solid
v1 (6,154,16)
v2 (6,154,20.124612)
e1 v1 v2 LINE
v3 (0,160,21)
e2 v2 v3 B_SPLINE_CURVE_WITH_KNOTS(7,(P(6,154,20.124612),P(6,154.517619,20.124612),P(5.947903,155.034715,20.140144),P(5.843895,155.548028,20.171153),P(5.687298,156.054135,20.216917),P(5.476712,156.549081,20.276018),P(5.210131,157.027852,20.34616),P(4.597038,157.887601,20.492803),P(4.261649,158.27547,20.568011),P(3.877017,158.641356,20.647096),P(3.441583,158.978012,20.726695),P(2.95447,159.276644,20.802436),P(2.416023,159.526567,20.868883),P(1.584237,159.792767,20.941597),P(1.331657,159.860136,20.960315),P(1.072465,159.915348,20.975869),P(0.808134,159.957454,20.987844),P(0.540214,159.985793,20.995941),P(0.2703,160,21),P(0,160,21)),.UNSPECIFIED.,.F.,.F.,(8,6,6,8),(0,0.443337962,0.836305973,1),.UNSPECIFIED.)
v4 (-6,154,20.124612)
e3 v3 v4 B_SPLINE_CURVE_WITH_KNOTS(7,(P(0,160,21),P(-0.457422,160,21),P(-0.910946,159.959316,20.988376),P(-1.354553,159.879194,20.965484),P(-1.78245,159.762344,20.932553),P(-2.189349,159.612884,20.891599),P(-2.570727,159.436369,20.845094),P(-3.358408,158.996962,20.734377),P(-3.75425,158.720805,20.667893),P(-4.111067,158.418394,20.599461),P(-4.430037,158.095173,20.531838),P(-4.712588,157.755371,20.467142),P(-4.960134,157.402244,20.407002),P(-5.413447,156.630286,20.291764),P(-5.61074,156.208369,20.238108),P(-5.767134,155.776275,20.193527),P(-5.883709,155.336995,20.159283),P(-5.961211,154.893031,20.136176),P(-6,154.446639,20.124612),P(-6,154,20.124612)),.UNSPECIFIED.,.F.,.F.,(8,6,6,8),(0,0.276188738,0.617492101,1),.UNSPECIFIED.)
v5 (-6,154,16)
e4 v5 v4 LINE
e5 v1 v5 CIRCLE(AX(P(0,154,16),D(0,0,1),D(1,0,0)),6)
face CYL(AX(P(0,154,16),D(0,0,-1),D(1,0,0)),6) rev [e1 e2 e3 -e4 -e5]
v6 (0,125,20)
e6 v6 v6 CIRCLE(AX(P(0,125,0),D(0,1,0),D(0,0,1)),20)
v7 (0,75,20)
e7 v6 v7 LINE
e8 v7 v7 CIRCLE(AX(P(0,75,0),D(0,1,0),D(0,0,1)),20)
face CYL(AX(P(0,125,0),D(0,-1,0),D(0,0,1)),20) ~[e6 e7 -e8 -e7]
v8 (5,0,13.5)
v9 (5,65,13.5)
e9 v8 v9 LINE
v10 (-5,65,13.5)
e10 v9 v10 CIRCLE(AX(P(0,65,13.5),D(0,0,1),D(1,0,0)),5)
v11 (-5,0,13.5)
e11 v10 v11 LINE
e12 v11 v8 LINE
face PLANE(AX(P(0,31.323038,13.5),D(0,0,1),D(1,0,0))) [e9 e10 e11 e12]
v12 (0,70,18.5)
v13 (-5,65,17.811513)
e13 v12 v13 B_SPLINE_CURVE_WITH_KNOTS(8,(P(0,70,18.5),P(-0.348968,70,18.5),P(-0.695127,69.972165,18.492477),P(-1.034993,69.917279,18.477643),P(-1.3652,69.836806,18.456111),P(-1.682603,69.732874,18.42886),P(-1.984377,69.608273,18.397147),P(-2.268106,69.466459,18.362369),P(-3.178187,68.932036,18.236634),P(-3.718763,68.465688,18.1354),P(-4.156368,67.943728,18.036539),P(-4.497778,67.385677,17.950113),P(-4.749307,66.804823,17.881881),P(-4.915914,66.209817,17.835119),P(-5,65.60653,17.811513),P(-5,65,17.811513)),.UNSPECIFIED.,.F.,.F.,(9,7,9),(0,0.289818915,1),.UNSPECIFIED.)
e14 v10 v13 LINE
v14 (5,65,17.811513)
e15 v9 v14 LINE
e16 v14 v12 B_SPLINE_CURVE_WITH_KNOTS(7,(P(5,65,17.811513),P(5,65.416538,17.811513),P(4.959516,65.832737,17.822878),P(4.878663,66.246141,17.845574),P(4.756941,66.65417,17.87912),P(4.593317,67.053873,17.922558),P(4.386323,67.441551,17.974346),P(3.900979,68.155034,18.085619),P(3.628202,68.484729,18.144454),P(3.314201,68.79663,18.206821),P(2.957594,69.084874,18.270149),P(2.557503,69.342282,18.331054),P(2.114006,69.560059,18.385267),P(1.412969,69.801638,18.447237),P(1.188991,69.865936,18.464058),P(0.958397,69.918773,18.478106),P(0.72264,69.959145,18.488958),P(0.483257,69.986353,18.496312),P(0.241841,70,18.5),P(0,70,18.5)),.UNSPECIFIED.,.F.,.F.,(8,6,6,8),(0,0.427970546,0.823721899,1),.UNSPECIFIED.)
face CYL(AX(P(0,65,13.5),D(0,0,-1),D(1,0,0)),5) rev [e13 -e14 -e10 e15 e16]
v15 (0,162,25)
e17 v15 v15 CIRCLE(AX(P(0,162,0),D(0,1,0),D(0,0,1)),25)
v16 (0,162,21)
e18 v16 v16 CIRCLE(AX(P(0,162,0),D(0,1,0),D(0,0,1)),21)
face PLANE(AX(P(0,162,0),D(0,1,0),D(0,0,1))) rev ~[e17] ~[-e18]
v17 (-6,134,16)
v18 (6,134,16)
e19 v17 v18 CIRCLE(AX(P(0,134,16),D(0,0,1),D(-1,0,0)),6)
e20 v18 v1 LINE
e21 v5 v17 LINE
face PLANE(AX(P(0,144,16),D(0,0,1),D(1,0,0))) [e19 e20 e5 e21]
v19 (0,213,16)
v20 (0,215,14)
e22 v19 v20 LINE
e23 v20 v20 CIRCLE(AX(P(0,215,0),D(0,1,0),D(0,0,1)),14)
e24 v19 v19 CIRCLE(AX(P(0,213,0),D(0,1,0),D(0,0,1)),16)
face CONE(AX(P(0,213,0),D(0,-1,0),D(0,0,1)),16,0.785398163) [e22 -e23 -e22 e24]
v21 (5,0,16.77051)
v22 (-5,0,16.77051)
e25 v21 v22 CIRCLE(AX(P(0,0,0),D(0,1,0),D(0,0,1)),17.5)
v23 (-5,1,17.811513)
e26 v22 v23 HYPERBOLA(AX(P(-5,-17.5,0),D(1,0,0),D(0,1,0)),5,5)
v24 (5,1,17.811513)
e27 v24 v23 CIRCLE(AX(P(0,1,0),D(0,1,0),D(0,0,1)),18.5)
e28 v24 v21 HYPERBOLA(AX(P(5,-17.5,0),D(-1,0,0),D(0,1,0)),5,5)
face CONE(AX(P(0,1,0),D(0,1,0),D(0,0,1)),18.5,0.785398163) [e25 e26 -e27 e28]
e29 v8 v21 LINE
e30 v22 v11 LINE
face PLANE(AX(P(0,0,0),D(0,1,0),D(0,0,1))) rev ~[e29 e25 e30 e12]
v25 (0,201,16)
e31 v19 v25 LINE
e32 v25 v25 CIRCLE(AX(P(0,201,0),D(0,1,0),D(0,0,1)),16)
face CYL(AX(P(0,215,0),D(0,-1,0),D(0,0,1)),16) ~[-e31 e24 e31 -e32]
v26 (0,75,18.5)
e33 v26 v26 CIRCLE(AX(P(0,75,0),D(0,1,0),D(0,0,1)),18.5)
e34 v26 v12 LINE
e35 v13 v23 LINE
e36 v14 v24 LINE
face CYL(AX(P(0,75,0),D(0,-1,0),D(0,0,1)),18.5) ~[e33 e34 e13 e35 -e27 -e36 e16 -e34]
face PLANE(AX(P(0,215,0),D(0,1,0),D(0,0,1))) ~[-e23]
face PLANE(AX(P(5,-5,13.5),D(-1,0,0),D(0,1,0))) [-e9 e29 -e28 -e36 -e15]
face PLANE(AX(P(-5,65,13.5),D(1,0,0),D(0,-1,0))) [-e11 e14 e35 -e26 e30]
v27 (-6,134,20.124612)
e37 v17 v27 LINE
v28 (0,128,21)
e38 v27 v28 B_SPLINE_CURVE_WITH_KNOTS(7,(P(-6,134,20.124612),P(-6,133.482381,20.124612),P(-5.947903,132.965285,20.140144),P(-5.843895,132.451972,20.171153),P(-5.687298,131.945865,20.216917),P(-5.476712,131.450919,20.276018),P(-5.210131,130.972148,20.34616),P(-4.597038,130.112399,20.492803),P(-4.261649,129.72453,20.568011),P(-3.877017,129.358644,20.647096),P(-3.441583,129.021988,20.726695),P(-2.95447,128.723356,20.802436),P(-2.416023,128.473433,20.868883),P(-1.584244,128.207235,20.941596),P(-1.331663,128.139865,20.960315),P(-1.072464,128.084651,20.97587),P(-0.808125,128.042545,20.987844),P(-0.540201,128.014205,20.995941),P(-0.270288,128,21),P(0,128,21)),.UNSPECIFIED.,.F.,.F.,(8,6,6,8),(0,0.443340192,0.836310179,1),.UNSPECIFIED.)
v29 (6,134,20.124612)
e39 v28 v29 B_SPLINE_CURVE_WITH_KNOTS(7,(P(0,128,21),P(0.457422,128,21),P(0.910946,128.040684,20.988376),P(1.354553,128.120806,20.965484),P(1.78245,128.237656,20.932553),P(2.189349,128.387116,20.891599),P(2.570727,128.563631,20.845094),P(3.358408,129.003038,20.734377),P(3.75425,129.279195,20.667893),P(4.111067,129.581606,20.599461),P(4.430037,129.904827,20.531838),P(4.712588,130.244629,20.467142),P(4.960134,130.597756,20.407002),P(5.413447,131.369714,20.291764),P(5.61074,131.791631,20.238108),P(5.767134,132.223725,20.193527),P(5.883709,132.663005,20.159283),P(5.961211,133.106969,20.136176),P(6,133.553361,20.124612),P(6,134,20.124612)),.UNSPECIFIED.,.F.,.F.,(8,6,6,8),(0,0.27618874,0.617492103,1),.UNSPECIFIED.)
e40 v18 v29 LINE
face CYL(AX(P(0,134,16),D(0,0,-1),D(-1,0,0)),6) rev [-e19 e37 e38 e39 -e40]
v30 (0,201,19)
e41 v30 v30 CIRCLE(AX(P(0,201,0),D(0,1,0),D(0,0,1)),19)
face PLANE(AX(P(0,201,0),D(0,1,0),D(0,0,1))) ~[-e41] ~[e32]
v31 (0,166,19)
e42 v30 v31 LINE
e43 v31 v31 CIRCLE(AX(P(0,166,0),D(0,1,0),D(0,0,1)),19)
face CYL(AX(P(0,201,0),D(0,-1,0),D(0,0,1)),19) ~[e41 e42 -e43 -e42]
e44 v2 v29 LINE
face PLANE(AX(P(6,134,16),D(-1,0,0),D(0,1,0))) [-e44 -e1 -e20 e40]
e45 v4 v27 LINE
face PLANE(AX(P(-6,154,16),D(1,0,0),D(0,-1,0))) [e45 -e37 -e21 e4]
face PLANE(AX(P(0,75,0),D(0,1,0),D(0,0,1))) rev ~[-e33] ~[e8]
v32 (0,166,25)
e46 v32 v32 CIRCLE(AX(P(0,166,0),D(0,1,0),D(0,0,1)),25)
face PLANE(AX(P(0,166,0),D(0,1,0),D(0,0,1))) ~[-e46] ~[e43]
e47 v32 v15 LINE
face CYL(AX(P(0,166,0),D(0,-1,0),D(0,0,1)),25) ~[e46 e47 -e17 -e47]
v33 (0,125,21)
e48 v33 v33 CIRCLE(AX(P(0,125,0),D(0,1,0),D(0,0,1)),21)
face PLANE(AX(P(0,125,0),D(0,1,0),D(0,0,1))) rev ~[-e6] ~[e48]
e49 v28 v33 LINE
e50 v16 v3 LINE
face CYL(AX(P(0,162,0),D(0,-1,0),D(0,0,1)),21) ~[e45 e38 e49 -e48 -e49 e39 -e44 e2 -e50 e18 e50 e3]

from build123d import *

# Parameters (mm, degrees)
F2_SIZE  = 1
F3_SIZE  = 2
F6_DEPTH = 11.501
F9_DEPTH = 9.001


with BuildPart() as f1:
    # F0 (on Right) → F1 (revolve)
    with BuildSketch(Plane.YZ):
        Polygon((0, 18.5), (0, 0), (215, 0), (215, 16), (201, 16), (201, 19), (166, 19), (166, 25), (162, 25), (162, 21), (125, 21), (125, 20), (75, 20), (75, 18.5), align=None)
    revolve(axis=Axis((0, 105.03928, 0), (0, 1, 0)))

    # F2
    f2_edges = [f1.edges().sort_by_distance(p)[0] for p in [
        (0, 0, -18.5),
    ]]
    chamfer(f2_edges, length=F2_SIZE)

    # F3
    f3_edges = [f1.edges().sort_by_distance(p)[0] for p in [
        (0, 215, -16),
    ]]
    chamfer(f3_edges, length=F3_SIZE)

    # F5 (on offset) → F6 (cut, through all)
    with BuildSketch(Plane.XY.offset(13.5)):
        with BuildLine():
            Line((5, -5), (5, 65))
            ThreePointArc((5, 65), (0, 70), (-5, 65))
            Line((-5, 65), (-5, -5))
            Line((-5, -5), (0, -5))
            Line((0, -5), (5, -5))
        make_face()
    extrude(amount=F6_DEPTH, mode=Mode.SUBTRACT)

    # F8 (on offset) → F9 (cut, through all)
    with BuildSketch(Plane.XY.offset(16)):
        with BuildLine():
            Line((6, 134), (6, 154))
            ThreePointArc((6, 154), (0, 160), (-6, 154))
            Line((-6, 154), (-6, 134))
            ThreePointArc((-6, 134), (0, 128), (6, 134))
        make_face()
    extrude(amount=F9_DEPTH, mode=Mode.SUBTRACT)


solid = f1.part
